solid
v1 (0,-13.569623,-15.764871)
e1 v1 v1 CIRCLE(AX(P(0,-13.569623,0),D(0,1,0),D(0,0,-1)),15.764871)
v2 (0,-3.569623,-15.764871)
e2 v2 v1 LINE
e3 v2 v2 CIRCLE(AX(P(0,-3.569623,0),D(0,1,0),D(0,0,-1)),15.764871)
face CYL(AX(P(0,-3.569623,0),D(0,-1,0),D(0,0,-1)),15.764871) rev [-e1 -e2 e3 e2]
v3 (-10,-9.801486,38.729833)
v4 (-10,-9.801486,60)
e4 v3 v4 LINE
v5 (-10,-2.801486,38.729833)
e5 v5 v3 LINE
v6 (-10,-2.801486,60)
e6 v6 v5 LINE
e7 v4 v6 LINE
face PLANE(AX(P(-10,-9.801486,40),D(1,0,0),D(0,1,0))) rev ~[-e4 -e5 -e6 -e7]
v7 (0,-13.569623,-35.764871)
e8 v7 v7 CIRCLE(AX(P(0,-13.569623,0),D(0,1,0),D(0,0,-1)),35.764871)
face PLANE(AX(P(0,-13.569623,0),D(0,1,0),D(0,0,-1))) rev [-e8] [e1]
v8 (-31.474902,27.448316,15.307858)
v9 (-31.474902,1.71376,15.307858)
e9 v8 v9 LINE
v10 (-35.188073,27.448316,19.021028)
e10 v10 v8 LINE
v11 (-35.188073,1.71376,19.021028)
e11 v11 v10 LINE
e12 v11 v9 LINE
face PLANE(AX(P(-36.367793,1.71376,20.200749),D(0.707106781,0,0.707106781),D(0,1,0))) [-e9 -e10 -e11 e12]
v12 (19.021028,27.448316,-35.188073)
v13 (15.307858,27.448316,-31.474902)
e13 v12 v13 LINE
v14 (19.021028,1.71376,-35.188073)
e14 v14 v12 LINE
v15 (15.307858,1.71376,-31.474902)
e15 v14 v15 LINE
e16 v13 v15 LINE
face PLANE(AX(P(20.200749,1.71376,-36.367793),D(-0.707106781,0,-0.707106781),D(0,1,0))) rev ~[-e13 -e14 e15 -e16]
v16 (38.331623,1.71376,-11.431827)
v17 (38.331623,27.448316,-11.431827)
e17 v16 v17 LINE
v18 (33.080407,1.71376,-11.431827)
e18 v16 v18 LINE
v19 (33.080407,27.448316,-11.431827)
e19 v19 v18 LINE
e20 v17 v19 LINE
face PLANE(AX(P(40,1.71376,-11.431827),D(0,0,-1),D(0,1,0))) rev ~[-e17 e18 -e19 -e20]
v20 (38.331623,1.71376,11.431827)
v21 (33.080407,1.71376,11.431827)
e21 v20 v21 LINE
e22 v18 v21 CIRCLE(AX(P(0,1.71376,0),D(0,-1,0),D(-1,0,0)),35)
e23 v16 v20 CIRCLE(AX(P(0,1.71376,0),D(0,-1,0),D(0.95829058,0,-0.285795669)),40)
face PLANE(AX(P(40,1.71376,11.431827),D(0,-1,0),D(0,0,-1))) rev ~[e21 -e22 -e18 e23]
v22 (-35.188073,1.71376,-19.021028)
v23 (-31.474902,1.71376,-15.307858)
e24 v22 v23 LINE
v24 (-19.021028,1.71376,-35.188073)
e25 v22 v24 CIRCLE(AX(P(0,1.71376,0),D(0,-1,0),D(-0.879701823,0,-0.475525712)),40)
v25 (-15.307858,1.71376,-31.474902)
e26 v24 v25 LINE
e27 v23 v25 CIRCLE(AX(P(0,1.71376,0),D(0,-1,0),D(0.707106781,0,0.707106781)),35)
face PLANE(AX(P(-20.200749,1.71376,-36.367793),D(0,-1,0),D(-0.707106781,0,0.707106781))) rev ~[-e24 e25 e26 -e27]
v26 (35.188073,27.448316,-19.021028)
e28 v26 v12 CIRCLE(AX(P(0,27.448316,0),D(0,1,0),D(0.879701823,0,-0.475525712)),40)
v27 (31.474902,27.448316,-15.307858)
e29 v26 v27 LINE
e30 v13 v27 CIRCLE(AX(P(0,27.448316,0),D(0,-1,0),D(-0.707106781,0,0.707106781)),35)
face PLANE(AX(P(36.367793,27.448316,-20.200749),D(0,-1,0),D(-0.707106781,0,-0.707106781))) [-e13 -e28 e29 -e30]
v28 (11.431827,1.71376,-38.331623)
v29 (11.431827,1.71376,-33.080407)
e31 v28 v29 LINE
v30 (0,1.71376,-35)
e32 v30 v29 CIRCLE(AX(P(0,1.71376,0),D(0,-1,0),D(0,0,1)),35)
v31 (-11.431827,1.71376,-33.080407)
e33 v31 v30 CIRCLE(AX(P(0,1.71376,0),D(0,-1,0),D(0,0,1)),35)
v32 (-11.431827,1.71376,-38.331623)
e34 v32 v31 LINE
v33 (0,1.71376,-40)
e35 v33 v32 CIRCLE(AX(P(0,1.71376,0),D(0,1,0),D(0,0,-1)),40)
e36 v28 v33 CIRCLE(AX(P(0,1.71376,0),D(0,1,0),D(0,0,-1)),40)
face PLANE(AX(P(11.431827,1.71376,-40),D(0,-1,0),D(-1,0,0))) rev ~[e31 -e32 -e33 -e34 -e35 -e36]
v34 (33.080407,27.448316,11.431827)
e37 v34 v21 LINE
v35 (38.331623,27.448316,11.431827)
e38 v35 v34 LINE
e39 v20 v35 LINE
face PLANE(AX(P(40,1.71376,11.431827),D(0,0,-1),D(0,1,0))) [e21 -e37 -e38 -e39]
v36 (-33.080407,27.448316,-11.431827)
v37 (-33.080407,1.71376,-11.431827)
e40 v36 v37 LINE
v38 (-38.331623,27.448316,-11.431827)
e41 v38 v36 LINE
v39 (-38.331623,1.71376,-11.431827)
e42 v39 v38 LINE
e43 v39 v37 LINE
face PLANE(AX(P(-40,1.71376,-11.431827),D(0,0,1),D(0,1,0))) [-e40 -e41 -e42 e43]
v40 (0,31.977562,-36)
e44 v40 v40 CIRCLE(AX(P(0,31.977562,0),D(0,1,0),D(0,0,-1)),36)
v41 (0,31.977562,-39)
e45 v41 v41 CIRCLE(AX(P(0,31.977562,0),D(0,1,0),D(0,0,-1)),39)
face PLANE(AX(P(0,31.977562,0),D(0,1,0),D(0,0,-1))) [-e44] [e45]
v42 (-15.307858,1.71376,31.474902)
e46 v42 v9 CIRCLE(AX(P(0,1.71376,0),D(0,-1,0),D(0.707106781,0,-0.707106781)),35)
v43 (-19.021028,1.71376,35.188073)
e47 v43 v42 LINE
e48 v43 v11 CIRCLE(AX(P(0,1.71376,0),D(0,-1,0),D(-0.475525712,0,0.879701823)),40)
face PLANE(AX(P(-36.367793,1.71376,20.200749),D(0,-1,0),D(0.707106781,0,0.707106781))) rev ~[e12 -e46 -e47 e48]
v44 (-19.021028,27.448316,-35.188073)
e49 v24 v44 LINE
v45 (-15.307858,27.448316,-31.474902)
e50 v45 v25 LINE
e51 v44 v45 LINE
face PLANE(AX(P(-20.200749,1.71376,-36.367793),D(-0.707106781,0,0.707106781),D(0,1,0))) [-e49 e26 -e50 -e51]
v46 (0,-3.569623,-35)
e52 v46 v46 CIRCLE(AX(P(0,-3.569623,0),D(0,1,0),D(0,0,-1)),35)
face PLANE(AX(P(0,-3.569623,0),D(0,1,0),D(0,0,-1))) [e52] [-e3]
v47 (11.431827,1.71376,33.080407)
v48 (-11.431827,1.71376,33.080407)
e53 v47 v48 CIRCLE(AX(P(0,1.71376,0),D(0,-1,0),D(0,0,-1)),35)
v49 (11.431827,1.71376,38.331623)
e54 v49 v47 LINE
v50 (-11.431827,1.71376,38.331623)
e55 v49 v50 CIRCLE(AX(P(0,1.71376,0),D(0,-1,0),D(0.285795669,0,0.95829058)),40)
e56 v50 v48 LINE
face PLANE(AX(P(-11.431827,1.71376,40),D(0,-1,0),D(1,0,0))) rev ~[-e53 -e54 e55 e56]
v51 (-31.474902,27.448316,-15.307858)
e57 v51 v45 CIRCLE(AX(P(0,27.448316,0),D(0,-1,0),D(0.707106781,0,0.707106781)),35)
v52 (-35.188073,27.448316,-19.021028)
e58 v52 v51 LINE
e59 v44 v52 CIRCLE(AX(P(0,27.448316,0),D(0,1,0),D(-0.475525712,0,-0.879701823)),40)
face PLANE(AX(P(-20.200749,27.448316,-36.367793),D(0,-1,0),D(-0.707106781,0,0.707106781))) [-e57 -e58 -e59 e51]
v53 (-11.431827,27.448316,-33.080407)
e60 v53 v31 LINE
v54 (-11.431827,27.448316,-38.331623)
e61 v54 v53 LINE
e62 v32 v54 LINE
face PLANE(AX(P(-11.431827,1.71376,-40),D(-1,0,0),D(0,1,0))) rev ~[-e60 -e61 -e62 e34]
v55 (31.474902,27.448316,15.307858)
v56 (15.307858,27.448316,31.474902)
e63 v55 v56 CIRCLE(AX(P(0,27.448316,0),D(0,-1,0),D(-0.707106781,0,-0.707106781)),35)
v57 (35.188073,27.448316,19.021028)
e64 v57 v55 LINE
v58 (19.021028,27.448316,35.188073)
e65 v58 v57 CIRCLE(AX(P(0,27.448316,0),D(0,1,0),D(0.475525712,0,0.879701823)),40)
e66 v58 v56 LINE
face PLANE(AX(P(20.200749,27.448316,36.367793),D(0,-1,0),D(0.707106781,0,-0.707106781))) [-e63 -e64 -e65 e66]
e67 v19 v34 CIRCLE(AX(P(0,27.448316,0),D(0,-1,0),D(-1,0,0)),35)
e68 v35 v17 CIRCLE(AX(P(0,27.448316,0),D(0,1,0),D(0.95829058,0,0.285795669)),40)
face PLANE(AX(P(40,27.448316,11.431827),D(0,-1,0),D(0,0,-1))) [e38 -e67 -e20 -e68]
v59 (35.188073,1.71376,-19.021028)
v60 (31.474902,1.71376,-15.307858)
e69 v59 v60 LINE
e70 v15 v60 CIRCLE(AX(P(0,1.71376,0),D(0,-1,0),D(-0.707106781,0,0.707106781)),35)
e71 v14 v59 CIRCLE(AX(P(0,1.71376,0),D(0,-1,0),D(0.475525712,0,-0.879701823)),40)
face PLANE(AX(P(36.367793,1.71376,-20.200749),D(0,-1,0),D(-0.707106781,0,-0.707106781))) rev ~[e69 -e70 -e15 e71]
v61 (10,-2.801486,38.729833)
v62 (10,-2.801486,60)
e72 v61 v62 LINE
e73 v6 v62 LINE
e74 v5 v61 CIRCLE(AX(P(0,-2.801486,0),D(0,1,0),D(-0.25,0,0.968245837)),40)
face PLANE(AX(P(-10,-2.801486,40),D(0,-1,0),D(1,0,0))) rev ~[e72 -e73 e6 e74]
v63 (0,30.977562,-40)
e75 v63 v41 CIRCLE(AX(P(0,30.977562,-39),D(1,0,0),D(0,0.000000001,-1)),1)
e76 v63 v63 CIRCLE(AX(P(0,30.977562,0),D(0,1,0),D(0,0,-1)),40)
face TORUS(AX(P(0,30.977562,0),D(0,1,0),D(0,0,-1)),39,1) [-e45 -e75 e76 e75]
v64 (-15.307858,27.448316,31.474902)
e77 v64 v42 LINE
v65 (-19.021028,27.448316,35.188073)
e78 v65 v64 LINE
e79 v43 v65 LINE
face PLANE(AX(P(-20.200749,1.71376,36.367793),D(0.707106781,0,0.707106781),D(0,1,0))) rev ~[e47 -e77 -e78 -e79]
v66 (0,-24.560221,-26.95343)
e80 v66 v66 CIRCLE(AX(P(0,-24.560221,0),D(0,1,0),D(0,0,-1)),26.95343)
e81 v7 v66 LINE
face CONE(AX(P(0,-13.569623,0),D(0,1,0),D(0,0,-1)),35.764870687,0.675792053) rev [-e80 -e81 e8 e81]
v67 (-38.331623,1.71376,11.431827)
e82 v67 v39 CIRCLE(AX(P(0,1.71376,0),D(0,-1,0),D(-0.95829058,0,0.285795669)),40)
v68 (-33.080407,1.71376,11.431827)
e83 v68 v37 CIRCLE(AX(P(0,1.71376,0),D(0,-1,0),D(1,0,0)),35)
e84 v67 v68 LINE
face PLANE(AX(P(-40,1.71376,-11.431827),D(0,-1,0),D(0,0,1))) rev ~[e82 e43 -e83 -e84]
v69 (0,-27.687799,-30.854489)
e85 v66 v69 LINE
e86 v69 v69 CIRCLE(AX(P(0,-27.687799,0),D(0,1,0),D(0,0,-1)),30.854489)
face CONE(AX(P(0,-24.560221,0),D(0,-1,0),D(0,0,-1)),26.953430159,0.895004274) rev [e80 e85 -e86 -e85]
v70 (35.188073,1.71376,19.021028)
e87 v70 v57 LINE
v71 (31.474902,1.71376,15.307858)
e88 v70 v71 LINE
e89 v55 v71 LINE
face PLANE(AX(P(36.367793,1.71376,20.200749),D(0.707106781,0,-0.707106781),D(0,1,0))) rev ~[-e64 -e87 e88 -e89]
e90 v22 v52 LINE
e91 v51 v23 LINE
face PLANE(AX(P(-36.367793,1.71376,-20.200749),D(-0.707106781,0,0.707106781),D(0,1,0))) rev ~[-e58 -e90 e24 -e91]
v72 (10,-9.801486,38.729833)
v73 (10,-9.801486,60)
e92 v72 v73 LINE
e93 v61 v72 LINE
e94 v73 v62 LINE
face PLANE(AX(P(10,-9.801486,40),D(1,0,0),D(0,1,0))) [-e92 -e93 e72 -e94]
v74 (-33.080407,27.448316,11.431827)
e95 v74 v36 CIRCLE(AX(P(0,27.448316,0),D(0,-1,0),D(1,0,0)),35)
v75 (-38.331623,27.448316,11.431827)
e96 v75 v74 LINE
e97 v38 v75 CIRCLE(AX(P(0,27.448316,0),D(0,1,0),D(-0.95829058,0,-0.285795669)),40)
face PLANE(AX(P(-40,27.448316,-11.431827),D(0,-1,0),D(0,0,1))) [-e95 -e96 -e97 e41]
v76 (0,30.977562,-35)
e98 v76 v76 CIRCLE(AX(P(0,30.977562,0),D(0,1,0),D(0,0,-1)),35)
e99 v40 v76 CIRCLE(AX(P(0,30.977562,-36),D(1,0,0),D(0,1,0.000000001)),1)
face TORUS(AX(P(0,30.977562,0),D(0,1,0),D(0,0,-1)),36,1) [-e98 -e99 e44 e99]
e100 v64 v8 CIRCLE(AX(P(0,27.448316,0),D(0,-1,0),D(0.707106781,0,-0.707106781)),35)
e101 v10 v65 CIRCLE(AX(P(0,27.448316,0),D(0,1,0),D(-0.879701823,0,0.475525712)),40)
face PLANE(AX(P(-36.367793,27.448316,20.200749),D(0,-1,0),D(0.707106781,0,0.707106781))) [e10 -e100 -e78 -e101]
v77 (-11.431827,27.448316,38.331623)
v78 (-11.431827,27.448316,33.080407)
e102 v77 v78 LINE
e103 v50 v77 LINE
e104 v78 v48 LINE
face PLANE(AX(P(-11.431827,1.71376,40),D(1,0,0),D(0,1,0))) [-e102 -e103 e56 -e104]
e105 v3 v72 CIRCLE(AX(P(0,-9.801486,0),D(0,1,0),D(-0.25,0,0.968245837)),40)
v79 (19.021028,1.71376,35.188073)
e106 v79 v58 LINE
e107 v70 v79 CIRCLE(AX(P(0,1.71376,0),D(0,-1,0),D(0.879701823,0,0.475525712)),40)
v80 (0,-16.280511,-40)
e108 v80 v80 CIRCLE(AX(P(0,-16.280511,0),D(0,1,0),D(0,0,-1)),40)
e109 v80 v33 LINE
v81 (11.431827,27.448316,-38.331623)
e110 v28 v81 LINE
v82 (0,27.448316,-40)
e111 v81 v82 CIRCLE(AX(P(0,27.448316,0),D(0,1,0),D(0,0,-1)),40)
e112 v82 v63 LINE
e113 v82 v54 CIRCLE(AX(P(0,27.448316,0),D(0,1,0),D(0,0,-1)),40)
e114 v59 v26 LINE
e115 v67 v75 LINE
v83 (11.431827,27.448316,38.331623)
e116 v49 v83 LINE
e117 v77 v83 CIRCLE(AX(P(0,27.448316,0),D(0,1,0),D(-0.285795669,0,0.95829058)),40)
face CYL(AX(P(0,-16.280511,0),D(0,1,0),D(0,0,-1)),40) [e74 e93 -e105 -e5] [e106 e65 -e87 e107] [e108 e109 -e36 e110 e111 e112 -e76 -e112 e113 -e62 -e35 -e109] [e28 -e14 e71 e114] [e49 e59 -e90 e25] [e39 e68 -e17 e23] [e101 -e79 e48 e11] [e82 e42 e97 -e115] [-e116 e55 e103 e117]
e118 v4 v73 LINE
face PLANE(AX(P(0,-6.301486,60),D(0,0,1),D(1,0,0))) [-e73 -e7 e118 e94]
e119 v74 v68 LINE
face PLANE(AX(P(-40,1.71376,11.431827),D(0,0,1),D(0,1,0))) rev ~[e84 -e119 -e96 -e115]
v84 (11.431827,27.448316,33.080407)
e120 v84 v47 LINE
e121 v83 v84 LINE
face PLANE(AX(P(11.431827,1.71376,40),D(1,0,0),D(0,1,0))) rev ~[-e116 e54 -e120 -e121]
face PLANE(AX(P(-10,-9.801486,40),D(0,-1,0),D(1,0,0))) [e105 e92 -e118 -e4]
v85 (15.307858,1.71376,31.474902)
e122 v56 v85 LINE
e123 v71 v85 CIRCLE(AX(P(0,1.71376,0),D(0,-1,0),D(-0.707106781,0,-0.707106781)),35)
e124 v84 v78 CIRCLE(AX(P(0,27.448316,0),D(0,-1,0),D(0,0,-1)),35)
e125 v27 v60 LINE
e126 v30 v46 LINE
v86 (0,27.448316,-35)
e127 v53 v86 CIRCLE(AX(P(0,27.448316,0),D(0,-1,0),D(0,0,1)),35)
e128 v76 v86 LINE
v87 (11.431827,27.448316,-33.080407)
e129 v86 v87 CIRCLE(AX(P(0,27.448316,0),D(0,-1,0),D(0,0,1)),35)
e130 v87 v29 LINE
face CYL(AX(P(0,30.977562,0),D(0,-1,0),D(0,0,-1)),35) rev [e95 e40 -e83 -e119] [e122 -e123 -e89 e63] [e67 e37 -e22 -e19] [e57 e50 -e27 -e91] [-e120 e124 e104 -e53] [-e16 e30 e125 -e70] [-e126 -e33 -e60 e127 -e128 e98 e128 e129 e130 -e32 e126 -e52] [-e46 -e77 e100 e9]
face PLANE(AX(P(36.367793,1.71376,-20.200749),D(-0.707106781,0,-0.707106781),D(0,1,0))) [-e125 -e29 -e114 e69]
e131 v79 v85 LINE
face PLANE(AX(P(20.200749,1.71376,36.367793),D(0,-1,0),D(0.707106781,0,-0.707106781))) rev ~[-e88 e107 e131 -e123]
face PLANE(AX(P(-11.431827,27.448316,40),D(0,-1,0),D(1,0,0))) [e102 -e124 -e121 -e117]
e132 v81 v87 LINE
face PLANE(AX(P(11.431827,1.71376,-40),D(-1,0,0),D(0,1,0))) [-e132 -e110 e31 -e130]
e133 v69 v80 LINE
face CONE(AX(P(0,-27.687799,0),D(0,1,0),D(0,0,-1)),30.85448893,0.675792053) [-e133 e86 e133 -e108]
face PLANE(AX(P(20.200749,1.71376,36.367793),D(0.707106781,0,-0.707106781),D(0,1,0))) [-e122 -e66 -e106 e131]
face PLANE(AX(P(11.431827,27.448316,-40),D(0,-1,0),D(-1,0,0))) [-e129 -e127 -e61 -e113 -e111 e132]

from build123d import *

# Parameters (mm, degrees)
CUT_EXTRUDE_7_REACH              = 96.987
CUT_EXTRUDE_7_END_RADIUS         = 35
SKETCH_9_W                       = 22.863653518
SKETCH_9_H                       = 25.734556693
PATTERN_CIRCULAR_3_COUNT         = 8
SKETCH_11_W                      = 20
SKETCH_11_H                      = 7
EXTRUDE_1_DEPTH                  = 20
EXTRUDE_1_DIRECTION_2_REACH      = 96.987
EXTRUDE_1_DIRECTION_2_END_RADIUS = 40


with BuildPart() as part:
    # 草图1 → 旋转4 (revolve)
    with BuildSketch(Plane.XY, mode=Mode.PRIVATE) as revolve_4_sk:
        with BuildLine():
            Line((-35.764870687, -13.569622936), (-26.953430159, -24.560221363))
            Line((-26.953430159, -24.560221363), (-30.85448893, -27.687798773))
            Line((-30.85448893, -27.687798773), (-40, -16.2805108))
            Line((-40, -16.2805108), (-40, 30.977562367))
            ThreePointArc((-40, 30.977562367), (-39.707106781, 31.684669148), (-39, 31.977562367))
            Line((-39, 31.977562367), (-36, 31.977562367))
            ThreePointArc((-36, 31.977562367), (-35.292893219, 31.684669148), (-35, 30.977562367))
            Line((-35, 30.977562367), (-35, -3.569622936))
            Line((-35, -3.569622936), (-15.764870687, -3.569622936))
            Line((-15.764870687, -3.569622936), (-15.764870687, -13.569622936))
            Line((-15.764870687, -13.569622936), (-35.764870687, -13.569622936))
        make_face()
    revolve(revolve_4_sk.sketch.rotate(Axis((0, 0, 0), (0, 1, 0)), 270), axis=Axis((0, 0, 0), (0, 1, 0)))

    # 切除-拉伸7: up to this cylinder (the profile starts outside it)
    cut_extrude_7_end = Plane(origin=(0, 14.581038, 0), z_dir=(0, -1, 0)) * Cylinder(CUT_EXTRUDE_7_END_RADIUS, 264.974, mode=Mode.PRIVATE)
    # 草图9 → 切除-拉伸7 (cut, up to the surface)
    with BuildSketch(Plane.XY.offset(40), mode=Mode.PRIVATE) as cut_extrude_7_sk1:
        with Locations((0, 14.581037932)):
            Rectangle(SKETCH_9_W, SKETCH_9_H)
    cut_extrude_7_tool1 = extrude(cut_extrude_7_sk1.sketch, amount=-CUT_EXTRUDE_7_REACH, mode=Mode.PRIVATE) - cut_extrude_7_end
    cut_extrude_7 = cut_extrude_7_tool1.solids().sort_by_distance((0, 14.581038, 40))[0]
    add(cut_extrude_7, mode=Mode.SUBTRACT)

    # 阵列(圆周)3: 切除-拉伸7 ×8 about axis
    pattern_circular_3_axis = Axis((0, 0, 0), (0, 1, 0))
    for i in range(1, PATTERN_CIRCULAR_3_COUNT):
        add(cut_extrude_7.rotate(pattern_circular_3_axis, i * 360 / PATTERN_CIRCULAR_3_COUNT), mode=Mode.SUBTRACT)

    # 草图11 → 凸台-拉伸1 (add)
    with BuildSketch(Plane.XY.offset(40)):
        with Locations((0, -6.301485772)):
            Rectangle(SKETCH_11_W, SKETCH_11_H)
    extrude(amount=EXTRUDE_1_DEPTH)

    # 凸台-拉伸1 direction 2: up to this cylinder (the profile starts outside it)
    extrude_1_direction_2_end = Plane(origin=(0, -6.301486, 0), z_dir=(0, -1, 0)) * Cylinder(EXTRUDE_1_DIRECTION_2_END_RADIUS, 274.974, mode=Mode.PRIVATE)
    # 草图11 → 凸台-拉伸1 direction 2 (add, up to the surface)
    with BuildSketch(Plane.XY.offset(40), mode=Mode.PRIVATE) as extrude_1_direction_2_sk1:
        with Locations((0, -6.301485772)):
            Rectangle(SKETCH_11_W, SKETCH_11_H)
    extrude_1_direction_2_tool1 = extrude(extrude_1_direction_2_sk1.sketch, amount=-EXTRUDE_1_DIRECTION_2_REACH, mode=Mode.PRIVATE) - extrude_1_direction_2_end
    add(extrude_1_direction_2_tool1.solids().sort_by_distance((0, -6.301486, 40))[0])
    add(extrude_1_direction_2_tool1.solids().sort_by_distance((0, -6.301486, 40))[1])


solid = part.part
